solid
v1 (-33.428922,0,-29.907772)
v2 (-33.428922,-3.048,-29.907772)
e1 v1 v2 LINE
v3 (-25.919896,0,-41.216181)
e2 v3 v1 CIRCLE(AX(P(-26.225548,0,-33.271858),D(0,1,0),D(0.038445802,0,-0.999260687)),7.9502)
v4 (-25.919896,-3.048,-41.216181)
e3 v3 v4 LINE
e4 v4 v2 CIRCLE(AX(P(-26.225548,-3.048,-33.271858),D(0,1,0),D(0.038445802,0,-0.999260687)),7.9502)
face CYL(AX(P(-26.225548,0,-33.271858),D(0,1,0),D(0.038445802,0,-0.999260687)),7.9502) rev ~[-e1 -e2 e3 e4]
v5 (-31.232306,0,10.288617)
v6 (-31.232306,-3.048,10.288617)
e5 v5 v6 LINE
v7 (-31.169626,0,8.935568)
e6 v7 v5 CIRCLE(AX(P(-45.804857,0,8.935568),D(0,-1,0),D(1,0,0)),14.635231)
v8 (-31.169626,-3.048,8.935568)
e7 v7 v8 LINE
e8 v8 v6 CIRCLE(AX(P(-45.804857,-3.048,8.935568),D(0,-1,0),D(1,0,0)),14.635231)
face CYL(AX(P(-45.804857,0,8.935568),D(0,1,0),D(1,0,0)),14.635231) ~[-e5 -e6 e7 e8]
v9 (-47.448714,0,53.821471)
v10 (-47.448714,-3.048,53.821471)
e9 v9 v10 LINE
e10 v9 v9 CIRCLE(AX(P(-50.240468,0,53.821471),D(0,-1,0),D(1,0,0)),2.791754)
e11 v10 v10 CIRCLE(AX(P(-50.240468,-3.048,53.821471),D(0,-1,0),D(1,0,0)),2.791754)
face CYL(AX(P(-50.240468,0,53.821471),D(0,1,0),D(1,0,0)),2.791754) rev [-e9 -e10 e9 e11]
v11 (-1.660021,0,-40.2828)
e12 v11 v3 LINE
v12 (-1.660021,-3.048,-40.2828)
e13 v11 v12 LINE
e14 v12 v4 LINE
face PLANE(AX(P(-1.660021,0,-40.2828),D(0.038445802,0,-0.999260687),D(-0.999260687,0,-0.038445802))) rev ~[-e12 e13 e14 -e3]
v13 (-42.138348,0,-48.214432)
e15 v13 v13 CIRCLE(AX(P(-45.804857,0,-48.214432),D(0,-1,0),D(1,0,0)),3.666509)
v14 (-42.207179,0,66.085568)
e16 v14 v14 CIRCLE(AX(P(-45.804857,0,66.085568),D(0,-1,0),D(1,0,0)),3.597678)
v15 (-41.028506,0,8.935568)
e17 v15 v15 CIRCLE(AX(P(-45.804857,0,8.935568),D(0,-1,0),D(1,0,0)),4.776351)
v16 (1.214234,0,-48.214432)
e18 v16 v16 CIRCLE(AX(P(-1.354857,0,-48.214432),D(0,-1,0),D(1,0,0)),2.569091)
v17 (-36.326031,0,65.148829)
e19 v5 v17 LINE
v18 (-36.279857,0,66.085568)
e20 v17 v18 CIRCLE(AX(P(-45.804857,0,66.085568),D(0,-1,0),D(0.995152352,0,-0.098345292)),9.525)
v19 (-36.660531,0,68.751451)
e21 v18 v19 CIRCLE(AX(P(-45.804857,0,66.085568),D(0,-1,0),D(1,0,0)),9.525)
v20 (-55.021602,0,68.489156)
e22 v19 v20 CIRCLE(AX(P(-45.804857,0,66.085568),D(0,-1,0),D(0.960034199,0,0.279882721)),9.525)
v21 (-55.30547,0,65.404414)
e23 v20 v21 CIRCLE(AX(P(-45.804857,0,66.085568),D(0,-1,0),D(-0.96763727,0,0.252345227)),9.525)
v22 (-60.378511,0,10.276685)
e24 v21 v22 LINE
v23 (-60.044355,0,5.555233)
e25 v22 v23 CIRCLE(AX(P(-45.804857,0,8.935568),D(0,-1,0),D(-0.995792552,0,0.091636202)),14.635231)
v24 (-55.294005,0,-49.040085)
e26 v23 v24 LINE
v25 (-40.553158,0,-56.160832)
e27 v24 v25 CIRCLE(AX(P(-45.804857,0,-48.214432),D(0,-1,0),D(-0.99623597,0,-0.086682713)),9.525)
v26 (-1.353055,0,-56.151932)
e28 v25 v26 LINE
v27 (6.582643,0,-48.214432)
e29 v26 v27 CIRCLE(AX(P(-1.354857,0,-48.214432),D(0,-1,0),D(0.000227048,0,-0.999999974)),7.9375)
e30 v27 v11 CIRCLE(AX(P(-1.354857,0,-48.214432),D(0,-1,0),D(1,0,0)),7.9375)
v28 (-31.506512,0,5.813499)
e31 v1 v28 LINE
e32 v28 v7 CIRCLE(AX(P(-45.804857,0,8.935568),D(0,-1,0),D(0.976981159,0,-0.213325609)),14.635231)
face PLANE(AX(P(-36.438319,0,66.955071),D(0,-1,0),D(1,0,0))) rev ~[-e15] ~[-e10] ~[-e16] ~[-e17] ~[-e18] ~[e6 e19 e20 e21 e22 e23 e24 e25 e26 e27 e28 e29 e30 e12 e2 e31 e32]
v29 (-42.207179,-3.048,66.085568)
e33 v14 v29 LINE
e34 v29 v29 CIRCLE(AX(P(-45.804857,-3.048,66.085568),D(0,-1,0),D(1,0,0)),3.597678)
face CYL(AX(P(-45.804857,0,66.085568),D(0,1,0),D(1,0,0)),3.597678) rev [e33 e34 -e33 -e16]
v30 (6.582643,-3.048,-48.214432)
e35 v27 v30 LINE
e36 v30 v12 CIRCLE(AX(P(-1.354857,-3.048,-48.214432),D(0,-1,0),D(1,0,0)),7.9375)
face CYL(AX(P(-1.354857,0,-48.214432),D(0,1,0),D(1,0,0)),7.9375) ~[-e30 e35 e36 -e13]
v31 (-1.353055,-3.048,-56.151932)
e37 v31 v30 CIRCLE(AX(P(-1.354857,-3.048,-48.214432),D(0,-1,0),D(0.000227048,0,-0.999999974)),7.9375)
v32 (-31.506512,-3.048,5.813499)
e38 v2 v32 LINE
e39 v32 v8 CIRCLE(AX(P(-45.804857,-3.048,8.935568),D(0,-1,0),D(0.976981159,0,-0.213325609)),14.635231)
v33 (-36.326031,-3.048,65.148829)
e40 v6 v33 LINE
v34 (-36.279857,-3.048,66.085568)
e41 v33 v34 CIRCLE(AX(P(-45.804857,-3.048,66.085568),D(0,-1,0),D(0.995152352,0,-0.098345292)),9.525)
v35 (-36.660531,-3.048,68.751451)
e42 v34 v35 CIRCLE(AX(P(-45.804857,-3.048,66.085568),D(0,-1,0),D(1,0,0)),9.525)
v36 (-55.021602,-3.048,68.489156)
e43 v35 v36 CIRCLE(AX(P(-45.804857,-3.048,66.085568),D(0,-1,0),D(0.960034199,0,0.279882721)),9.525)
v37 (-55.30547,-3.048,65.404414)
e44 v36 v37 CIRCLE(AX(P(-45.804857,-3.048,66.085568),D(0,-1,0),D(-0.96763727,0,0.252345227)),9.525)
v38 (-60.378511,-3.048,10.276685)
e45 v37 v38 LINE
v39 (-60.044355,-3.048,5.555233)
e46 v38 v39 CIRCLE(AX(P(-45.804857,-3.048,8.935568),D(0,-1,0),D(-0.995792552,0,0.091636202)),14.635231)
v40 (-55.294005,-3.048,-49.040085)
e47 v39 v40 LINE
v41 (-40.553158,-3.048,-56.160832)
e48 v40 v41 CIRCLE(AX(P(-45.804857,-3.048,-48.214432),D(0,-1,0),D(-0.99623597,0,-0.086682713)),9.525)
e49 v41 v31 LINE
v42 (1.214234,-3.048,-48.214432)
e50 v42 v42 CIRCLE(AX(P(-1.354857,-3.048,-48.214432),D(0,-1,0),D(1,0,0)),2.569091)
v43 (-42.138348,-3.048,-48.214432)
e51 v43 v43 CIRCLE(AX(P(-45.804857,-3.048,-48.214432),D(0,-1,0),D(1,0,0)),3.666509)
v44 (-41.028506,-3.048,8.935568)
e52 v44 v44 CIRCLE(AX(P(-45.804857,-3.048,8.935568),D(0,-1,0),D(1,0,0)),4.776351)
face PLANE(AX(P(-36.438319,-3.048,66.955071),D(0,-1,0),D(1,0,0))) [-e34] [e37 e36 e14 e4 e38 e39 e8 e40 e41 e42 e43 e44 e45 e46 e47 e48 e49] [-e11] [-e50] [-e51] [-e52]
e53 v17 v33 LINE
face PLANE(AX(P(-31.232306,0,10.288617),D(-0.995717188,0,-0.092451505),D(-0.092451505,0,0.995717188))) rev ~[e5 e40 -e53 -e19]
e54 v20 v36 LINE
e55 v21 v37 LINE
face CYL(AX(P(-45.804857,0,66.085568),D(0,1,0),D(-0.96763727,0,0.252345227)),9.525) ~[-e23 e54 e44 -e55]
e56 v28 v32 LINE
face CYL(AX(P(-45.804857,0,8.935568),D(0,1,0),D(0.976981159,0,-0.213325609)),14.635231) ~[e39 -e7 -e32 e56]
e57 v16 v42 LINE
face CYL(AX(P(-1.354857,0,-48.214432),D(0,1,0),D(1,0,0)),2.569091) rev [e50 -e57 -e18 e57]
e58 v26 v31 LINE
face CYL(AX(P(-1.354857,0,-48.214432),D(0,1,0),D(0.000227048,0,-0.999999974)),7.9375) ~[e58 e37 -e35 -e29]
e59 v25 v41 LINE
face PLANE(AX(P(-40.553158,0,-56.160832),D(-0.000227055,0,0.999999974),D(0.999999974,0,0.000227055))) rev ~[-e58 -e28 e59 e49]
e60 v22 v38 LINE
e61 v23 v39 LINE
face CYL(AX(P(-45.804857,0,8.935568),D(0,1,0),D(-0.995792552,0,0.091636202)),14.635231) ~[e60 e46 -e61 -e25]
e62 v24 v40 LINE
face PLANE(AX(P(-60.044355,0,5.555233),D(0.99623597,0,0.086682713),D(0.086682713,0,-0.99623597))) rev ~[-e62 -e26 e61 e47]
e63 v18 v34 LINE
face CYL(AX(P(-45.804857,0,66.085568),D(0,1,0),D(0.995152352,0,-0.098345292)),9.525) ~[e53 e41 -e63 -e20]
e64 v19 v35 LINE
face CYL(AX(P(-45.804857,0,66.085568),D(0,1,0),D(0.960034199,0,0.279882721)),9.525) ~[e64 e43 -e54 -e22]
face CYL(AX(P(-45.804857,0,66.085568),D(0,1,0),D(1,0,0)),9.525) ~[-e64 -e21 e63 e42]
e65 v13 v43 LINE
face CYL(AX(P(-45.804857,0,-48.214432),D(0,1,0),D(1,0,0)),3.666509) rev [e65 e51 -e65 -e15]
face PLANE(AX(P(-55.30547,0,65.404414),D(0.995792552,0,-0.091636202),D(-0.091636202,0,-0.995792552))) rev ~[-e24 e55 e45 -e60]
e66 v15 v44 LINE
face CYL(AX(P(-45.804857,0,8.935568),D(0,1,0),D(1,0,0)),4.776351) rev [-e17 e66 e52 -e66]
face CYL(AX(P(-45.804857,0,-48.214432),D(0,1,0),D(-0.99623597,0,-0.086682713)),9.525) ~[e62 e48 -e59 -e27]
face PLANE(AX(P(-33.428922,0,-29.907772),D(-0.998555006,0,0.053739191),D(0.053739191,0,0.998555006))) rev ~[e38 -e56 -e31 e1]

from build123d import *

# Parameters (mm, degrees)
F0_R     = 3.5976776677
F0_R_2   = 2.7917541863
F0_R_3   = 4.7763507548
F0_R_4   = 3.666508785
F0_R_5   = 2.5690908377
F1_DEPTH = 3.048


with BuildPart() as f1:
    # F0 (on Front) → F1 (new body)
    with BuildSketch(Plane.XZ):
        with BuildLine():
            ThreePointArc((-36.326030798, 65.1488291165), (-36.2914074156, 65.616629912), (-36.2798569503, 66.0855680205))
            ThreePointArc((-36.2798569503, 66.0855680205), (-36.3755057611, 67.4320304783), (-36.6605312076, 68.7514509345))
            Line((-36.6605312076, 68.7514509345), (-36.326030798, 65.1488291165))
        make_face()
        with BuildLine():
            Line((-36.4280611846, 64.411851746), (-36.6605312076, 68.7514509345))
            ThreePointArc((-36.6605312076, 68.7514509345), (-45.940911185, 75.6095962778), (-55.0216019474, 68.4891563087))
            Line((-55.0216019474, 68.4891563087), (-55.2407693467, 64.7858825787))
            ThreePointArc((-55.2407693467, 64.7858825787), (-45.9941938457, 56.5624500154), (-36.4280611846, 64.411851746))
        make_face()
        with Locations((-45.8048569503, 66.0855680205)):
            Circle(F0_R, mode=Mode.SUBTRACT)
        with BuildLine():
            Line((-36.326030798, 65.1488291165), (-36.6605312076, 68.7514509345))
            Line((-36.6605312076, 68.7514509345), (-36.4280611846, 64.411851746))
            ThreePointArc((-36.4280611846, 64.411851746), (-36.3698474967, 64.77934384), (-36.326030798, 65.1488291165))
        make_face()
        with BuildLine():
            Line((-31.2323061965, 10.288617117), (-36.326030798, 65.1488291165))
            ThreePointArc((-36.326030798, 65.1488291165), (-36.3698474967, 64.77934384), (-36.4280611846, 64.411851746))
            ThreePointArc((-36.4280611846, 64.411851746), (-45.9941938457, 56.5624500154), (-55.2407693467, 64.7858825787))
            ThreePointArc((-55.2407693467, 64.7858825787), (-55.2781693396, 65.0946203051), (-55.3054703402, 65.404414428))
            Line((-55.3054703402, 65.404414428), (-60.378510666, 10.2766849818))
            ThreePointArc((-60.378510666, 10.2766849818), (-45.8108484522, 23.5707974834), (-31.2323061965, 10.288617117))
        make_face()
        with Locations((-50.2404682338, 53.8214705884)):
            Circle(F0_R_2, mode=Mode.SUBTRACT)
        with BuildLine():
            Line((-55.3054703402, 65.404414428), (-55.0216019474, 68.4891563087))
            ThreePointArc((-55.0216019474, 68.4891563087), (-55.2897810071, 66.9584028481), (-55.3054703402, 65.404414428))
        make_face()
        with BuildLine():
            Line((-55.2407693467, 64.7858825787), (-55.0216019474, 68.4891563087))
            Line((-55.0216019474, 68.4891563087), (-55.3054703402, 65.404414428))
            ThreePointArc((-55.3054703402, 65.404414428), (-55.2781693396, 65.0946203051), (-55.2407693467, 64.7858825787))
        make_face()
        with BuildLine():
            ThreePointArc((-31.169626261, 8.9355680205), (-31.1853046428, 9.612818091), (-31.2323061965, 10.288617117))
            ThreePointArc((-31.2323061965, 10.288617117), (-45.8108484522, 23.5707974834), (-60.378510666, 10.2766849818))
            ThreePointArc((-60.378510666, 10.2766849818), (-60.4035712748, 7.9023606836), (-60.0443553018, 5.5552331217))
            ThreePointArc((-60.0443553018, 5.5552331217), (-45.6724146054, -5.6990633843), (-31.5065123141, 5.8134985156))
            ThreePointArc((-31.5065123141, 5.8134985156), (-31.2540915141, 7.3654716695), (-31.169626261, 8.9355680205))
        make_face()
        with Locations((-45.8048569503, 8.9355680205)):
            Circle(F0_R_3, mode=Mode.SUBTRACT)
        with BuildLine():
            Line((-33.4289223394, -29.9077716681), (-31.5065123141, 5.8134985156))
            ThreePointArc((-31.5065123141, 5.8134985156), (-45.6724146054, -5.6990633843), (-60.0443553018, 5.5552331217))
            Line((-60.0443553018, 5.5552331217), (-55.2940045614, -49.0400848208))
            ThreePointArc((-55.2940045614, -49.0400848208), (-46.2180723929, -38.6983992978), (-36.2798569503, -48.2144319795))
            ThreePointArc((-36.2798569503, -48.2144319795), (-37.4159338579, -52.7257061176), (-40.553157601, -56.160832356))
            Line((-40.553157601, -56.160832356), (-1.353054757, -56.1519317749))
            ThreePointArc((-1.353054757, -56.1519317749), (-9.2908723642, -48.3679428932), (-1.6600205011, -40.2828002774))
            Line((-1.6600205011, -40.2828002774), (-25.9198962818, -41.2161807108))
            ThreePointArc((-25.9198962818, -41.2161807108), (-32.8485891223, -37.6696996391), (-33.4289223394, -29.9077716681))
        make_face()
        with BuildLine():
            ThreePointArc((-36.2798569503, -48.2144319795), (-46.2180723929, -38.6983992978), (-55.2940045614, -49.0400848208))
            ThreePointArc((-55.2940045614, -49.0400848208), (-53.9890671075, -53.0872472954), (-51.0529472177, -56.1632163863))
            Line((-51.0529472177, -56.1632163863), (-40.553157601, -56.160832356))
            ThreePointArc((-40.553157601, -56.160832356), (-37.4159338579, -52.7257061176), (-36.2798569503, -48.2144319795))
        make_face()
        with Locations((-45.8048569503, -48.2144319795)):
            Circle(F0_R_4, mode=Mode.SUBTRACT)
        with BuildLine():
            Line((-40.553157601, -56.160832356), (-51.0529472177, -56.1632163863))
            ThreePointArc((-51.0529472177, -56.1632163863), (-45.8026942511, -57.739431734), (-40.553157601, -56.160832356))
        make_face()
        with BuildLine():
            ThreePointArc((6.5826430497, -48.2144319795), (4.1488540961, -42.494897823), (-1.6600205011, -40.2828002774))
            ThreePointArc((-1.6600205011, -40.2828002774), (-9.2908723642, -48.3679428932), (-1.353054757, -56.1519317749))
            ThreePointArc((-1.353054757, -56.1519317749), (4.2584402607, -53.8264548474), (6.5826430497, -48.2144319795))
        make_face()
        with Locations((-1.3548569503, -48.2144319795)):
            Circle(F0_R_5, mode=Mode.SUBTRACT)
    extrude(amount=F1_DEPTH)


solid = f1.part
